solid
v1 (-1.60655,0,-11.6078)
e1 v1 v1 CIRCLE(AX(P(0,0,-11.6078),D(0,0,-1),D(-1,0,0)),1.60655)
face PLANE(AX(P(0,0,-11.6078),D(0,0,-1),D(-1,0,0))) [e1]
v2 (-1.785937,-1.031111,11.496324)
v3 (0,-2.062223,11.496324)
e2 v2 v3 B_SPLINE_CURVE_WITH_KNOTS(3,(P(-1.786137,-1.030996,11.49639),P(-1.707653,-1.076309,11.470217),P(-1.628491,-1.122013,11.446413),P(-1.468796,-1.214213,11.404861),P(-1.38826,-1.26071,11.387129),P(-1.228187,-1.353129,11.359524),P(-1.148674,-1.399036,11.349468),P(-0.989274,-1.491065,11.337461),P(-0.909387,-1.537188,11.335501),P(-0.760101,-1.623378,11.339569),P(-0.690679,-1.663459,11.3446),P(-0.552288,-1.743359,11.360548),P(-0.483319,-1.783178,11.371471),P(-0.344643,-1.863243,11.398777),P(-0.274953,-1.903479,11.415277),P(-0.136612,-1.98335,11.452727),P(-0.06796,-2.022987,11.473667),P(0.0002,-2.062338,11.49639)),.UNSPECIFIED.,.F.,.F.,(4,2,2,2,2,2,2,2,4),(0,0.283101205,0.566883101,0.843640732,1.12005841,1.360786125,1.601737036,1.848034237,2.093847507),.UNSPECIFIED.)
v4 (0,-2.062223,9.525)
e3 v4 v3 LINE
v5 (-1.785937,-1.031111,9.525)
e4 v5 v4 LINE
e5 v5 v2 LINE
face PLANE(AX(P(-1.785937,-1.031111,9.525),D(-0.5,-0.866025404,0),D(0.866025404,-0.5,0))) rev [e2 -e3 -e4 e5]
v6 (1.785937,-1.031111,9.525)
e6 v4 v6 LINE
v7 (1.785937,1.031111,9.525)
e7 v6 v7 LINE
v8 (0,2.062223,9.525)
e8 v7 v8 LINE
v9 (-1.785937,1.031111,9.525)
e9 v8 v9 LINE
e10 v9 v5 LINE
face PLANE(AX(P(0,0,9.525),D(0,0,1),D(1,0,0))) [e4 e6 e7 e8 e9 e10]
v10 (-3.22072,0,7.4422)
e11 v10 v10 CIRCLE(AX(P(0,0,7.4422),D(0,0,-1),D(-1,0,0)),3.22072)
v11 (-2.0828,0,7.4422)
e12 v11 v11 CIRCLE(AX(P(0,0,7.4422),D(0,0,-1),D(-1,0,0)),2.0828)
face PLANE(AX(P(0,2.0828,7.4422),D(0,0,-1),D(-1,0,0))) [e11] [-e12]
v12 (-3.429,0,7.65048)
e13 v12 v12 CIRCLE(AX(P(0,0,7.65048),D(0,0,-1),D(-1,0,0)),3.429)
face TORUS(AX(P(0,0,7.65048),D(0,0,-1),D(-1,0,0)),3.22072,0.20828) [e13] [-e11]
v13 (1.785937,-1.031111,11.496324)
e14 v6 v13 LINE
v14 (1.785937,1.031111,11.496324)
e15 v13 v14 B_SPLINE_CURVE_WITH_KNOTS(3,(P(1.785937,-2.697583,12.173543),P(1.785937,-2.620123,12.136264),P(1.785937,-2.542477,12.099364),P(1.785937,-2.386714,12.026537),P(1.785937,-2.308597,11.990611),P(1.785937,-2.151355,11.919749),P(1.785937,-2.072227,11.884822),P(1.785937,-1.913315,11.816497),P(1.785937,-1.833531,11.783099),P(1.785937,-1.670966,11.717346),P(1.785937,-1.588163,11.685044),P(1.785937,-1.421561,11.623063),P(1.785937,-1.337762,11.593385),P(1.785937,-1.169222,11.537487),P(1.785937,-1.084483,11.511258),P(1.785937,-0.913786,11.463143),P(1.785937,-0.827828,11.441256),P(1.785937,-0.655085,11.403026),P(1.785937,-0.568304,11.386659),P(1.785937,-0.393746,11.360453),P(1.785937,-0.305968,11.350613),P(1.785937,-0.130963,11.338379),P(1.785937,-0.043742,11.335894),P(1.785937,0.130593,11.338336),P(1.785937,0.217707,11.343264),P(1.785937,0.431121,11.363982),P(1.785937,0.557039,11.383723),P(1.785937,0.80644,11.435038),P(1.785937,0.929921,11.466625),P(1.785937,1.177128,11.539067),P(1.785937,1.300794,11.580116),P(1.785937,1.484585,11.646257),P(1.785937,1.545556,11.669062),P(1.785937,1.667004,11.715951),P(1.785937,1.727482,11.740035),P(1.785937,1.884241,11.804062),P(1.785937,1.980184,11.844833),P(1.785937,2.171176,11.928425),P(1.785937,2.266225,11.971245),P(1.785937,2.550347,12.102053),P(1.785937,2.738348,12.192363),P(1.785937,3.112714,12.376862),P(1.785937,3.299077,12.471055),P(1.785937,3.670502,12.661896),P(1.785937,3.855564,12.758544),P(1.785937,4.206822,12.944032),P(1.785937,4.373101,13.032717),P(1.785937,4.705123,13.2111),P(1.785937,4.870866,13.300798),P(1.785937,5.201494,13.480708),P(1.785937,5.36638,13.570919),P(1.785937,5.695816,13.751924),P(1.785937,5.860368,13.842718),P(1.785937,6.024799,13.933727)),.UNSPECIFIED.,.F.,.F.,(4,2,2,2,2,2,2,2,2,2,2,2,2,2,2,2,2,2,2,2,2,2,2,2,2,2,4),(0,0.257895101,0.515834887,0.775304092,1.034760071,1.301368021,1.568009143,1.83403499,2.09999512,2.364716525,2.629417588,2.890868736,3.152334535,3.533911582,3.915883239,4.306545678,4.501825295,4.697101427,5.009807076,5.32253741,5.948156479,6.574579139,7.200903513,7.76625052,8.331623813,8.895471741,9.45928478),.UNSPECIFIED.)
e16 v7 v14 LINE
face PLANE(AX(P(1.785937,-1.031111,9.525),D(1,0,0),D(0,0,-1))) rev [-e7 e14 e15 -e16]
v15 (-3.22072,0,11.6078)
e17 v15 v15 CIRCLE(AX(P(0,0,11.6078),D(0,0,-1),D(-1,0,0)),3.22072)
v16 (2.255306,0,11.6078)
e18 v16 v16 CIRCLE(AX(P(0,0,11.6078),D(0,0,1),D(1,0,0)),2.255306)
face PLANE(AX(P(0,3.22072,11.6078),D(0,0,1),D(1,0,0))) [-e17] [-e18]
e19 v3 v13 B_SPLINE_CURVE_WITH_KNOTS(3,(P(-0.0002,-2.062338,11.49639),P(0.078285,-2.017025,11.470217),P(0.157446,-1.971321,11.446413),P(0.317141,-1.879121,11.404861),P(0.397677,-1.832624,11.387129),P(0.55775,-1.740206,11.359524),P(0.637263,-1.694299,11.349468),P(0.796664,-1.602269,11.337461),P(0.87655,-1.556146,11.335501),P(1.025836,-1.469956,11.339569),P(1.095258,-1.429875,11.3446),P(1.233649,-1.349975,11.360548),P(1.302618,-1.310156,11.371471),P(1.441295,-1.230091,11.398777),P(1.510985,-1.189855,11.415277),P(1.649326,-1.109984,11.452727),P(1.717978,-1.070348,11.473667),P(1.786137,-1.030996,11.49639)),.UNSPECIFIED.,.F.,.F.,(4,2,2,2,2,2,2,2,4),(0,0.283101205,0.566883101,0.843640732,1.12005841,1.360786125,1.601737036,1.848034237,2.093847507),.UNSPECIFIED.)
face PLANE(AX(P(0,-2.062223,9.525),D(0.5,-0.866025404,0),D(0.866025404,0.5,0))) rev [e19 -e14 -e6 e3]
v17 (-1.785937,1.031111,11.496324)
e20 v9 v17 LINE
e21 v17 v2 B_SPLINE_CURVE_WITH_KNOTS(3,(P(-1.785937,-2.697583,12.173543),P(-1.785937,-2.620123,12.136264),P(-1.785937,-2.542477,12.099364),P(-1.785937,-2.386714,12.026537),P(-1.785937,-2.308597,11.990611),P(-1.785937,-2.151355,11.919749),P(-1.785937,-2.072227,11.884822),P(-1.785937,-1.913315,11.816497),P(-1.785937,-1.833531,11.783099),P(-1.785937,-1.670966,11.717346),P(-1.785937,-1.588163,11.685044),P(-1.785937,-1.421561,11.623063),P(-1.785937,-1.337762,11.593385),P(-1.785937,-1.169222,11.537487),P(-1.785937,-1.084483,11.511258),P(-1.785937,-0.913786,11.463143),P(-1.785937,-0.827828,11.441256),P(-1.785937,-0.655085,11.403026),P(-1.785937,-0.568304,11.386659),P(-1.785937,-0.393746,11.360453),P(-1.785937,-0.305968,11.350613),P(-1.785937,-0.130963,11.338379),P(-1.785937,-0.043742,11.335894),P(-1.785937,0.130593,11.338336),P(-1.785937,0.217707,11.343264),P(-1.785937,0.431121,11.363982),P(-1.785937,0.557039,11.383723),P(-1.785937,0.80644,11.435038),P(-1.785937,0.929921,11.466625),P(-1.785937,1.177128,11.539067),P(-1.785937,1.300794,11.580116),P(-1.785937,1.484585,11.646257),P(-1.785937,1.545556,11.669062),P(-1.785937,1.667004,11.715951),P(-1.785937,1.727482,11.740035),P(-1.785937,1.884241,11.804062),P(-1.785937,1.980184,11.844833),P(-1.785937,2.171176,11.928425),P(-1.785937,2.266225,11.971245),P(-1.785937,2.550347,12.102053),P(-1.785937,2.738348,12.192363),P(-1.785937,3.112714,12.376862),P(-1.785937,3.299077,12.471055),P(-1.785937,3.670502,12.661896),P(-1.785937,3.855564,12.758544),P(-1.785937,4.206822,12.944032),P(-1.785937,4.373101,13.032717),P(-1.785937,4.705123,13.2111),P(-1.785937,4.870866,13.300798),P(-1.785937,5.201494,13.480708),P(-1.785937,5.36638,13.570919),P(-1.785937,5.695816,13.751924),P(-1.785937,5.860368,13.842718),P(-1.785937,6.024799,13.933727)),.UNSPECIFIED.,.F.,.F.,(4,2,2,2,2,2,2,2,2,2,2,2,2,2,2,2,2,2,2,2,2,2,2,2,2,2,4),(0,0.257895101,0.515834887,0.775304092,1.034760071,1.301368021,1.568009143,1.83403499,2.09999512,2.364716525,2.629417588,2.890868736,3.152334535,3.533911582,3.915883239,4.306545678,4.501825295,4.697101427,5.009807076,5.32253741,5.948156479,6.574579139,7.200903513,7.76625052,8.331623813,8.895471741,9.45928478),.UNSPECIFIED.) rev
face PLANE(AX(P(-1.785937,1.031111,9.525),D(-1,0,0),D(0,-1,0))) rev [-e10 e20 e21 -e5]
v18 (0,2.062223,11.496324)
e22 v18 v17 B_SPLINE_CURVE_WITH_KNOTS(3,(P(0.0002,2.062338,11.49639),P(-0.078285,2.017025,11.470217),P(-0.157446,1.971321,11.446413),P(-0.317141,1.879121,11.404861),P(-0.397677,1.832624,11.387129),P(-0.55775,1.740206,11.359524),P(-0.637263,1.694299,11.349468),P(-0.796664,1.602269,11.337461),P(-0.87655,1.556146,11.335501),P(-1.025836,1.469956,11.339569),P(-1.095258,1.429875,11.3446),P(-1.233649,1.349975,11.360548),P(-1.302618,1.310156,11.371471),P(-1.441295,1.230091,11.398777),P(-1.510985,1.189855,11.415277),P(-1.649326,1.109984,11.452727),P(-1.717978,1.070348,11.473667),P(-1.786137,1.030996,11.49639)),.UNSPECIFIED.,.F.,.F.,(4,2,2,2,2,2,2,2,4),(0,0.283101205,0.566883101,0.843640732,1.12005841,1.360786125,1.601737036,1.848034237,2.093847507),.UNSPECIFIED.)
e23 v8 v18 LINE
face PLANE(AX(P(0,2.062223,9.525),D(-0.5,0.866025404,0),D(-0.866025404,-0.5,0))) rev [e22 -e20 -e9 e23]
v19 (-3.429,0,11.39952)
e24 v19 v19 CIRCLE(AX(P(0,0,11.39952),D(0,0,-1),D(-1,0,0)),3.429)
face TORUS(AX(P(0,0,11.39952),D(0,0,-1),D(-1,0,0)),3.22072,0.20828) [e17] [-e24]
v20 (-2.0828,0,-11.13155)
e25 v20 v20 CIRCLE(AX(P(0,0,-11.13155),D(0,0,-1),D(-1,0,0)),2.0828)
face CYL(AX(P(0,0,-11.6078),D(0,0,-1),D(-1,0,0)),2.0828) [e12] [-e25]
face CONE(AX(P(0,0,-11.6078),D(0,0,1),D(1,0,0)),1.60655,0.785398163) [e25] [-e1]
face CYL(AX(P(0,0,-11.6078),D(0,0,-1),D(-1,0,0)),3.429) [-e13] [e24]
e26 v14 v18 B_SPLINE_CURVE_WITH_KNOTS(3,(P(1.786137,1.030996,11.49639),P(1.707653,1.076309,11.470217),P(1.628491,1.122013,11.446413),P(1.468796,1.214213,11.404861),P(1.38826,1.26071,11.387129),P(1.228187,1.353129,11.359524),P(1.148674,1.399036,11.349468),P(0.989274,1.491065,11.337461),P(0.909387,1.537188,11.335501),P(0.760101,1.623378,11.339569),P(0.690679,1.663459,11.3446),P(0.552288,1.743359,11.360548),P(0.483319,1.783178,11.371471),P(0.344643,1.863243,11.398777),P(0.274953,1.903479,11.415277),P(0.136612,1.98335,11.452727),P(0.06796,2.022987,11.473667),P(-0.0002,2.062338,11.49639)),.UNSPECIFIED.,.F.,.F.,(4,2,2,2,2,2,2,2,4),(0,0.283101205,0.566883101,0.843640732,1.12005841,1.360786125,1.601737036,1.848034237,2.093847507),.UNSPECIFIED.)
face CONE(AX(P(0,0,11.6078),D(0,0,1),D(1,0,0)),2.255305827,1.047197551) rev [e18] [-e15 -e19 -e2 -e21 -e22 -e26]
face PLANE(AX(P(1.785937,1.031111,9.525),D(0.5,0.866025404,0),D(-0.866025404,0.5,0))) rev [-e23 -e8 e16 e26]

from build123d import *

# Parameters (mm, degrees)
CUT_EXTRUDE1_START = 11.6078
CUT_EXTRUDE1_DEPTH = 2.0828


with BuildPart() as part:
    # Sketch2 → Revolve1 (revolve)
    with BuildSketch(Plane(origin=(0, 0, 0), x_dir=(0, 0, -1), z_dir=(1, 0, 0)), mode=Mode.PRIVATE) as revolve1_sk:
        with BuildLine():
            Line((11.6078, 0), (11.6078, 1.60655))
            Line((11.6078, 1.60655), (11.13155, 2.0828))
            Line((11.13155, 2.0828), (-7.4422, 2.0828))
            Line((-7.4422, 2.0828), (-7.4422, 3.22072))
            ThreePointArc((-7.4422, 3.22072), (-7.5032038, 3.3679962), (-7.65048, 3.429))
            Line((-7.65048, 3.429), (-11.39952, 3.429))
            ThreePointArc((-11.39952, 3.429), (-11.5467962, 3.3679962), (-11.6078, 3.22072))
            Line((-11.6078, 3.22072), (-11.6078, 0))
            Line((-11.6078, 0), (11.6078, 0))
        make_face()
    revolve(revolve1_sk.sketch.rotate(Axis((0, 0, -11.6078), (0, 0, 1)), 90), axis=Axis((0, 0, -11.6078), (0, 0, 1)))

    # Sketch3 → Cut-Extrude1 (cut)
    with BuildSketch(Plane.XY.offset(CUT_EXTRUDE1_START)):
        Polygon((-1.7859375, 1.031111496), (-1.7859375, -1.031111496), (0, -2.062222993), (1.7859375, -1.031111496), (1.7859375, 1.031111496), (0, 2.062222993), align=None)
    extrude(amount=-CUT_EXTRUDE1_DEPTH, mode=Mode.SUBTRACT)

    # Cut-Extrude2 cone 1 section (through the dimple's axis) → Cut-Extrude2 (revolve, cut)
    with BuildSketch(Plane(origin=(0, 0, 11.6078), x_dir=(0, -1, 0), z_dir=(1, 0, 0))):
        Polygon((0, 0), (2.255305827, 0), (0, 1.302101426), align=None)
    revolve(axis=Axis((0, 0, 11.6078), (0, 0, -1)), mode=Mode.SUBTRACT)


solid = part.part
